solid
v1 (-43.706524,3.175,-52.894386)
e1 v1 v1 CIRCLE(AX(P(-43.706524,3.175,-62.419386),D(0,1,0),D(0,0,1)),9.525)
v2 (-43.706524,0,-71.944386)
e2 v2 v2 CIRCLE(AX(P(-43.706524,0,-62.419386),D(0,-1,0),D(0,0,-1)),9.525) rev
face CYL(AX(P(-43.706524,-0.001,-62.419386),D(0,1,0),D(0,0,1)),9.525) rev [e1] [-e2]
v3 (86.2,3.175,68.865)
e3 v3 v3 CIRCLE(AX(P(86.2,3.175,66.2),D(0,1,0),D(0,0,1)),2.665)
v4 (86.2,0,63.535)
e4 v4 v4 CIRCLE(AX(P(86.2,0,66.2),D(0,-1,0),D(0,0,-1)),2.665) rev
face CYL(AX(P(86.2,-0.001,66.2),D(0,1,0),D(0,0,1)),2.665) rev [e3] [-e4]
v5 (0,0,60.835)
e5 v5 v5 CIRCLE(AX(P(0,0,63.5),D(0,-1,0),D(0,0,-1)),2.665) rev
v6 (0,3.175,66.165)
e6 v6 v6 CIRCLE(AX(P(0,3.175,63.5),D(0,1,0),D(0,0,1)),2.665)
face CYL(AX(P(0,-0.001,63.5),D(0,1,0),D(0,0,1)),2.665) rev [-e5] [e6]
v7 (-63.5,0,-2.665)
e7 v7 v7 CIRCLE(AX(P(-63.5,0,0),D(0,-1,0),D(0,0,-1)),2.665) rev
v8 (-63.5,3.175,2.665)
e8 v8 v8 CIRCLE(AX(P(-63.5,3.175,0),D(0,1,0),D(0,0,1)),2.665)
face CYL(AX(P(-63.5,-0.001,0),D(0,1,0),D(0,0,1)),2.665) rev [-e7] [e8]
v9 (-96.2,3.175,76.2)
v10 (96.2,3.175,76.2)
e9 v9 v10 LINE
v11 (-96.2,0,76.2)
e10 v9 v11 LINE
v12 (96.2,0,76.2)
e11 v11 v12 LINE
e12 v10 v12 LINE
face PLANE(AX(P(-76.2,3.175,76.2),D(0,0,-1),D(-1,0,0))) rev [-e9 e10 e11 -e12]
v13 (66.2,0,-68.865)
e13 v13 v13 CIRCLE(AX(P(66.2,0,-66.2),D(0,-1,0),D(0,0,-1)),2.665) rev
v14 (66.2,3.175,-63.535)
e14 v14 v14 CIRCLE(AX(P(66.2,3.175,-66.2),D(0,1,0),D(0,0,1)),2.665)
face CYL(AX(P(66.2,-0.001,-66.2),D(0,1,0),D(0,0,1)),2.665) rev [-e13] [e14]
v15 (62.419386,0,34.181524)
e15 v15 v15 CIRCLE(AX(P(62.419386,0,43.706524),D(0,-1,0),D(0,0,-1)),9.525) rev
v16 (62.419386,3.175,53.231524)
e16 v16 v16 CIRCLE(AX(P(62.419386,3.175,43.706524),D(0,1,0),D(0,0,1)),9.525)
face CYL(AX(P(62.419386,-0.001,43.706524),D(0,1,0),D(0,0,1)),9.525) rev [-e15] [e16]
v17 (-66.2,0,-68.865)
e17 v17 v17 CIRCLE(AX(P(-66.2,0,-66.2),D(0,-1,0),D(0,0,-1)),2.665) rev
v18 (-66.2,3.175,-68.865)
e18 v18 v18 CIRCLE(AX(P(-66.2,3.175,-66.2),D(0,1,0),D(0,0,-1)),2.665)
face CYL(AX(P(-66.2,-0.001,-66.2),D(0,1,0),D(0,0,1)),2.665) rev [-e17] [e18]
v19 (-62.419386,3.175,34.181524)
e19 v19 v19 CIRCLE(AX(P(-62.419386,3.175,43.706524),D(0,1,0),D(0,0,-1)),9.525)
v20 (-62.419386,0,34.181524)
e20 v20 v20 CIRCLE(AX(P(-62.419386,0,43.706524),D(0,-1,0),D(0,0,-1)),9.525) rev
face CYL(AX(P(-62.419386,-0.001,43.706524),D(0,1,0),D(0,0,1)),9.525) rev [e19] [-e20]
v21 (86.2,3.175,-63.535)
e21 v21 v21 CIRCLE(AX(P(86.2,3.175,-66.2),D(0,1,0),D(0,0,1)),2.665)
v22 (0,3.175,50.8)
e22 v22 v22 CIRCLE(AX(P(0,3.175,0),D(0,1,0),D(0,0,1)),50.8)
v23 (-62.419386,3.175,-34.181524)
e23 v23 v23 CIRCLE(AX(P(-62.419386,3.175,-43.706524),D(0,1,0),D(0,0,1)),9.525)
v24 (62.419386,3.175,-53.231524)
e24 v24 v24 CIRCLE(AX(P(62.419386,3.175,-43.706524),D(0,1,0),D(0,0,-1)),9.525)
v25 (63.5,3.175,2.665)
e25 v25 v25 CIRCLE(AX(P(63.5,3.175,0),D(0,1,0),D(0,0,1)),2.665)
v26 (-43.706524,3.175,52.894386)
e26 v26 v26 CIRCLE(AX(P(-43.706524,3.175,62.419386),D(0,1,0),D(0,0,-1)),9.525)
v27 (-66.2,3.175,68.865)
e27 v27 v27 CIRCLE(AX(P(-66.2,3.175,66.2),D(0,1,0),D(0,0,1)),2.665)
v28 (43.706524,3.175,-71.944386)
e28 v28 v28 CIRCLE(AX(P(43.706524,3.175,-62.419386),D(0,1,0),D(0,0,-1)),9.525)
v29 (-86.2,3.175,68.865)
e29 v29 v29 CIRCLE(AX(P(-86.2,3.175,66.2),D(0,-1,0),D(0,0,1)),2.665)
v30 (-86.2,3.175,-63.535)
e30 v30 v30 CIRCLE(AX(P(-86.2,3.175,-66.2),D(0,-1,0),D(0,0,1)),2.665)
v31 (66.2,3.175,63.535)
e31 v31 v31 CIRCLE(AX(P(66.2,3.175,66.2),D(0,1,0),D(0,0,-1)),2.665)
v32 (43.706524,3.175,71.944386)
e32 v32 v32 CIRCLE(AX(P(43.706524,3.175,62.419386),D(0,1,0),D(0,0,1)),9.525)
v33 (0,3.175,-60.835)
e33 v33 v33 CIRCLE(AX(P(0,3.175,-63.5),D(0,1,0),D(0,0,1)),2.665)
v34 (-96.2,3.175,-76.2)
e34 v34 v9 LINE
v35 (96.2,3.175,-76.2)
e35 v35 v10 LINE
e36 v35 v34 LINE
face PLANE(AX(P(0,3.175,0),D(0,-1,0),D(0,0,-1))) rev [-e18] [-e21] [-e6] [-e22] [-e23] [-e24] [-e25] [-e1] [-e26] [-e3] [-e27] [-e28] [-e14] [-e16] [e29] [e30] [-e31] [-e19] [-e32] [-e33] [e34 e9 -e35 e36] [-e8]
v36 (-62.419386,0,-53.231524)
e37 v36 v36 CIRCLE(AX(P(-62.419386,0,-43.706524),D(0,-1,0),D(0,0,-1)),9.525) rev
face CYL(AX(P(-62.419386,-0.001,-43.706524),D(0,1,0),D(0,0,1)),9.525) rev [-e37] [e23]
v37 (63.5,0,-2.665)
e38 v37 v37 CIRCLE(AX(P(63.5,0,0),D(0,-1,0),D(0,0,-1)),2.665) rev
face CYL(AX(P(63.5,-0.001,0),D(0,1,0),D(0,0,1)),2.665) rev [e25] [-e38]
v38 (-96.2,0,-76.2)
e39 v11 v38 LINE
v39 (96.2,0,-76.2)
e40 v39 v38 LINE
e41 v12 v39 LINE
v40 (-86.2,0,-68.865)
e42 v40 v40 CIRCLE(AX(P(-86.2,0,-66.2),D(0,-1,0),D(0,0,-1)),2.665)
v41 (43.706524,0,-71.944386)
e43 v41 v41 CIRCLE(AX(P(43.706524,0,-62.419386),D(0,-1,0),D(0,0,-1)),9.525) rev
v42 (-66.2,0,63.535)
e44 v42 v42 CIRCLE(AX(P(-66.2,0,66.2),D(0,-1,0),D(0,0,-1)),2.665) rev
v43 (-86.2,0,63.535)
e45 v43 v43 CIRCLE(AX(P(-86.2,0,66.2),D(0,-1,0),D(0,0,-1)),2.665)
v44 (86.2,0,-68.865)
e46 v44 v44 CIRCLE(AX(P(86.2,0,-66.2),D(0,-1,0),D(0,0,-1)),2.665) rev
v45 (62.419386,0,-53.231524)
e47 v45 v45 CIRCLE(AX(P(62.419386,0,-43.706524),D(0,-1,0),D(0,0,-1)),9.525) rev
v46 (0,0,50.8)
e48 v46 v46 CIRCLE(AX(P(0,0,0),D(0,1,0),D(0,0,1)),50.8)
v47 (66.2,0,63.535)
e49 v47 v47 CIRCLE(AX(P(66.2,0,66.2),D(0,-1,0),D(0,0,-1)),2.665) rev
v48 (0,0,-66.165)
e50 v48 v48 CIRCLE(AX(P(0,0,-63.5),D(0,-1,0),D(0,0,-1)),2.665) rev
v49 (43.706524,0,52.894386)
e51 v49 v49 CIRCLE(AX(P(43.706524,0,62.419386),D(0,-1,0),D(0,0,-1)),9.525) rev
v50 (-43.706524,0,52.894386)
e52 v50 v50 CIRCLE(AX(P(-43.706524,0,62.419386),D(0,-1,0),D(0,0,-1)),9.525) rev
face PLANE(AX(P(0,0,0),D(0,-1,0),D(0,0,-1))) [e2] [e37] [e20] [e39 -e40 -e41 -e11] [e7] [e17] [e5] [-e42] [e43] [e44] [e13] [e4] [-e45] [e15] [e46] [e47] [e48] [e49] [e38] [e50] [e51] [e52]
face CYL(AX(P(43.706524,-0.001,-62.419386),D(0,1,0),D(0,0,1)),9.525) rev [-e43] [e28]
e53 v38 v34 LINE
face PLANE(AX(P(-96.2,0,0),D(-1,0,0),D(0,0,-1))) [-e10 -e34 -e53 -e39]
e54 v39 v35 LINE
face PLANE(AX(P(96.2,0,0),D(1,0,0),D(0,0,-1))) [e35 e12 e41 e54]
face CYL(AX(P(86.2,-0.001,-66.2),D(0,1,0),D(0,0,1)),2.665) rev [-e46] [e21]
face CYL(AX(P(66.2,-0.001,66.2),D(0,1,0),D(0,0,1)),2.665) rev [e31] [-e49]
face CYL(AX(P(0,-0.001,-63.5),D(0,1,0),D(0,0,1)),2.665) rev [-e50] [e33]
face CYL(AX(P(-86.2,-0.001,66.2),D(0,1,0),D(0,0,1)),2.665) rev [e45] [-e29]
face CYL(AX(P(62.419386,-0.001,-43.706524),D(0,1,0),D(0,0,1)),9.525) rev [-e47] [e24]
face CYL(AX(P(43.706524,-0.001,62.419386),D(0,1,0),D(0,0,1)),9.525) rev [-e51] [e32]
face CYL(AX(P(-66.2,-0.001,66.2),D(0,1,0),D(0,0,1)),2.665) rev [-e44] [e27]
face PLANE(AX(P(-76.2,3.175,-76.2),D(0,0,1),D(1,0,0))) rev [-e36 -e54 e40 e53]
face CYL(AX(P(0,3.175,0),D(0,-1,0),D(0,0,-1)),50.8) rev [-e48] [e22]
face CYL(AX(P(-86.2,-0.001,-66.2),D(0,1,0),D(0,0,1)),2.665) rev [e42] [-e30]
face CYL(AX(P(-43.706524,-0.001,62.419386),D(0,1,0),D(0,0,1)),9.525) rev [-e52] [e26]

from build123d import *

# Parameters (mm, degrees)
SKETCH2_W           = 152.4
SKETCH2_H           = 152.4
SKETCH2_R           = 50.8
BOSS_EXTRUDE1_DEPTH = 3.175
CUT_EXTRUDE1_REACH  = 109.81
SKETCH3_R           = 2.665000004
CUT_EXTRUDE2_REACH  = 109.81
SKETCH4_R           = 9.525
CUT_EXTRUDE3_REACH  = 109.81
SKETCH5_R           = 2.665000004
SKETCH6_W           = 152.4
SKETCH6_H           = 3.175
BOSS_EXTRUDE2_DEPTH = 20
CUT_EXTRUDE4_REACH  = 124.764
SKETCH7_R           = 2.665000004


with BuildPart() as part:
    # Sketch2 → Boss-Extrude1 (new body)
    with BuildSketch(Plane(origin=(0, 0, 0), x_dir=(1, 0, 0), z_dir=(0, 1, 0))):
        Rectangle(SKETCH2_W, SKETCH2_H)
        with Locations(Location((0, 0, 0), (0, 0, 270))):
            Circle(SKETCH2_R, mode=Mode.SUBTRACT)
    extrude(amount=BOSS_EXTRUDE1_DEPTH)

    # Sketch3 → Cut-Extrude1 (cut, up to next)
    with BuildSketch(Plane(origin=(0, 3.175, 0), x_dir=(1, 0, 0), z_dir=(0, 1, 0)), mode=Mode.PRIVATE) as cut_extrude1_sk1:
        with Locations(Location((-66.2, -66.2, 0), (0, 0, 270))):
            Circle(SKETCH3_R)
    cut_extrude1_tool1 = extrude(cut_extrude1_sk1.sketch, amount=-CUT_EXTRUDE1_REACH, mode=Mode.PRIVATE) & part.part
    # Sketch3 → Cut-Extrude1 (cut, up to next)
    with BuildSketch(Plane(origin=(0, 3.175, 0), x_dir=(1, 0, 0), z_dir=(0, 1, 0)), mode=Mode.PRIVATE) as cut_extrude1_sk2:
        with Locations(Location((-66.2, 66.2, 0), (0, 0, 90))):
            Circle(SKETCH3_R)
    cut_extrude1_tool2 = extrude(cut_extrude1_sk2.sketch, amount=-CUT_EXTRUDE1_REACH, mode=Mode.PRIVATE) & part.part
    # Sketch3 → Cut-Extrude1 (cut, up to next)
    with BuildSketch(Plane(origin=(0, 3.175, 0), x_dir=(1, 0, 0), z_dir=(0, 1, 0)), mode=Mode.PRIVATE) as cut_extrude1_sk3:
        with Locations(Location((66.2, 66.2, 0), (0, 0, 270))):
            Circle(SKETCH3_R)
    cut_extrude1_tool3 = extrude(cut_extrude1_sk3.sketch, amount=-CUT_EXTRUDE1_REACH, mode=Mode.PRIVATE) & part.part
    # Sketch3 → Cut-Extrude1 (cut, up to next)
    with BuildSketch(Plane(origin=(0, 3.175, 0), x_dir=(1, 0, 0), z_dir=(0, 1, 0)), mode=Mode.PRIVATE) as cut_extrude1_sk4:
        with Locations(Location((66.2, -66.2, 0), (0, 0, 90))):
            Circle(SKETCH3_R)
    cut_extrude1_tool4 = extrude(cut_extrude1_sk4.sketch, amount=-CUT_EXTRUDE1_REACH, mode=Mode.PRIVATE) & part.part
    add(cut_extrude1_tool1.solids().sort_by_distance((-66.2, 3.175, 66.2))[0], mode=Mode.SUBTRACT)
    add(cut_extrude1_tool2.solids().sort_by_distance((-66.2, 3.175, -66.2))[0], mode=Mode.SUBTRACT)
    add(cut_extrude1_tool3.solids().sort_by_distance((66.2, 3.175, -66.2))[0], mode=Mode.SUBTRACT)
    add(cut_extrude1_tool4.solids().sort_by_distance((66.2, 3.175, 66.2))[0], mode=Mode.SUBTRACT)

    # Sketch4 → Cut-Extrude2 (cut, up to next)
    with BuildSketch(Plane(origin=(0, 3.175, 0), x_dir=(1, 0, 0), z_dir=(0, 1, 0)), mode=Mode.PRIVATE) as cut_extrude2_sk1:
        with Locations(Location((62.419385775, -43.70652445, 0), (0, 0, 270))):
            Circle(SKETCH4_R)
    cut_extrude2_tool1 = extrude(cut_extrude2_sk1.sketch, amount=-CUT_EXTRUDE2_REACH, mode=Mode.PRIVATE) & part.part
    # Sketch4 → Cut-Extrude2 (cut, up to next)
    with BuildSketch(Plane(origin=(0, 3.175, 0), x_dir=(1, 0, 0), z_dir=(0, 1, 0)), mode=Mode.PRIVATE) as cut_extrude2_sk2:
        with Locations(Location((43.70652445, -62.419385775, 0), (0, 0, 270))):
            Circle(SKETCH4_R)
    cut_extrude2_tool2 = extrude(cut_extrude2_sk2.sketch, amount=-CUT_EXTRUDE2_REACH, mode=Mode.PRIVATE) & part.part
    # Sketch4 → Cut-Extrude2 (cut, up to next)
    with BuildSketch(Plane(origin=(0, 3.175, 0), x_dir=(1, 0, 0), z_dir=(0, 1, 0)), mode=Mode.PRIVATE) as cut_extrude2_sk3:
        with Locations(Location((43.70652445, 62.419385775, 0), (0, 0, 90))):
            Circle(SKETCH4_R)
    cut_extrude2_tool3 = extrude(cut_extrude2_sk3.sketch, amount=-CUT_EXTRUDE2_REACH, mode=Mode.PRIVATE) & part.part
    # Sketch4 → Cut-Extrude2 (cut, up to next)
    with BuildSketch(Plane(origin=(0, 3.175, 0), x_dir=(1, 0, 0), z_dir=(0, 1, 0)), mode=Mode.PRIVATE) as cut_extrude2_sk4:
        with Locations(Location((62.419385775, 43.70652445, 0), (0, 0, 90))):
            Circle(SKETCH4_R)
    cut_extrude2_tool4 = extrude(cut_extrude2_sk4.sketch, amount=-CUT_EXTRUDE2_REACH, mode=Mode.PRIVATE) & part.part
    # Sketch4 → Cut-Extrude2 (cut, up to next)
    with BuildSketch(Plane(origin=(0, 3.175, 0), x_dir=(1, 0, 0), z_dir=(0, 1, 0)), mode=Mode.PRIVATE) as cut_extrude2_sk5:
        with Locations(Location((-43.70652445, 62.419385775, 0), (0, 0, 270))):
            Circle(SKETCH4_R)
    cut_extrude2_tool5 = extrude(cut_extrude2_sk5.sketch, amount=-CUT_EXTRUDE2_REACH, mode=Mode.PRIVATE) & part.part
    # Sketch4 → Cut-Extrude2 (cut, up to next)
    with BuildSketch(Plane(origin=(0, 3.175, 0), x_dir=(1, 0, 0), z_dir=(0, 1, 0)), mode=Mode.PRIVATE) as cut_extrude2_sk6:
        with Locations(Location((-62.419385775, 43.70652445, 0), (0, 0, 270))):
            Circle(SKETCH4_R)
    cut_extrude2_tool6 = extrude(cut_extrude2_sk6.sketch, amount=-CUT_EXTRUDE2_REACH, mode=Mode.PRIVATE) & part.part
    # Sketch4 → Cut-Extrude2 (cut, up to next)
    with BuildSketch(Plane(origin=(0, 3.175, 0), x_dir=(1, 0, 0), z_dir=(0, 1, 0)), mode=Mode.PRIVATE) as cut_extrude2_sk7:
        with Locations(Location((-43.70652445, -62.419385775, 0), (0, 0, 90))):
            Circle(SKETCH4_R)
    cut_extrude2_tool7 = extrude(cut_extrude2_sk7.sketch, amount=-CUT_EXTRUDE2_REACH, mode=Mode.PRIVATE) & part.part
    # Sketch4 → Cut-Extrude2 (cut, up to next)
    with BuildSketch(Plane(origin=(0, 3.175, 0), x_dir=(1, 0, 0), z_dir=(0, 1, 0)), mode=Mode.PRIVATE) as cut_extrude2_sk8:
        with Locations(Location((-62.419385775, -43.70652445, 0), (0, 0, 90))):
            Circle(SKETCH4_R)
    cut_extrude2_tool8 = extrude(cut_extrude2_sk8.sketch, amount=-CUT_EXTRUDE2_REACH, mode=Mode.PRIVATE) & part.part
    add(cut_extrude2_tool1.solids().sort_by_distance((62.419386, 3.175, 43.706524))[0], mode=Mode.SUBTRACT)
    add(cut_extrude2_tool2.solids().sort_by_distance((43.706524, 3.175, 62.419386))[0], mode=Mode.SUBTRACT)
    add(cut_extrude2_tool3.solids().sort_by_distance((43.706524, 3.175, -62.419386))[0], mode=Mode.SUBTRACT)
    add(cut_extrude2_tool4.solids().sort_by_distance((62.419386, 3.175, -43.706524))[0], mode=Mode.SUBTRACT)
    add(cut_extrude2_tool5.solids().sort_by_distance((-43.706524, 3.175, -62.419386))[0], mode=Mode.SUBTRACT)
    add(cut_extrude2_tool6.solids().sort_by_distance((-62.419386, 3.175, -43.706524))[0], mode=Mode.SUBTRACT)
    add(cut_extrude2_tool7.solids().sort_by_distance((-43.706524, 3.175, 62.419386))[0], mode=Mode.SUBTRACT)
    add(cut_extrude2_tool8.solids().sort_by_distance((-62.419386, 3.175, 43.706524))[0], mode=Mode.SUBTRACT)

    # Sketch5 → Cut-Extrude3 (cut, up to next)
    with BuildSketch(Plane(origin=(0, 3.175, 0), x_dir=(1, 0, 0), z_dir=(0, 1, 0)), mode=Mode.PRIVATE) as cut_extrude3_sk1:
        with Locations(Location((0, -63.5, 0), (0, 0, 270))):
            Circle(SKETCH5_R)
    cut_extrude3_tool1 = extrude(cut_extrude3_sk1.sketch, amount=-CUT_EXTRUDE3_REACH, mode=Mode.PRIVATE) & part.part
    # Sketch5 → Cut-Extrude3 (cut, up to next)
    with BuildSketch(Plane(origin=(0, 3.175, 0), x_dir=(1, 0, 0), z_dir=(0, 1, 0)), mode=Mode.PRIVATE) as cut_extrude3_sk2:
        with Locations(Location((-63.5, 0, 0), (0, 0, 270))):
            Circle(SKETCH5_R)
    cut_extrude3_tool2 = extrude(cut_extrude3_sk2.sketch, amount=-CUT_EXTRUDE3_REACH, mode=Mode.PRIVATE) & part.part
    # Sketch5 → Cut-Extrude3 (cut, up to next)
    with BuildSketch(Plane(origin=(0, 3.175, 0), x_dir=(1, 0, 0), z_dir=(0, 1, 0)), mode=Mode.PRIVATE) as cut_extrude3_sk3:
        with Locations(Location((0, 63.5, 0), (0, 0, 270))):
            Circle(SKETCH5_R)
    cut_extrude3_tool3 = extrude(cut_extrude3_sk3.sketch, amount=-CUT_EXTRUDE3_REACH, mode=Mode.PRIVATE) & part.part
    # Sketch5 → Cut-Extrude3 (cut, up to next)
    with BuildSketch(Plane(origin=(0, 3.175, 0), x_dir=(1, 0, 0), z_dir=(0, 1, 0)), mode=Mode.PRIVATE) as cut_extrude3_sk4:
        with Locations(Location((63.5, 0, 0), (0, 0, 270))):
            Circle(SKETCH5_R)
    cut_extrude3_tool4 = extrude(cut_extrude3_sk4.sketch, amount=-CUT_EXTRUDE3_REACH, mode=Mode.PRIVATE) & part.part
    add(cut_extrude3_tool1.solids().sort_by_distance((0, 3.175, 63.5))[0], mode=Mode.SUBTRACT)
    add(cut_extrude3_tool2.solids().sort_by_distance((-63.5, 3.175, 0))[0], mode=Mode.SUBTRACT)
    add(cut_extrude3_tool3.solids().sort_by_distance((0, 3.175, -63.5))[0], mode=Mode.SUBTRACT)
    add(cut_extrude3_tool4.solids().sort_by_distance((63.5, 3.175, 0))[0], mode=Mode.SUBTRACT)

    # Sketch6 → Boss-Extrude2 (add)
    with BuildSketch(Plane(origin=(76.2, 0, 0), x_dir=(0, 0, -1), z_dir=(1, 0, 0))):
        with Locations((0, 1.5875)):
            Rectangle(SKETCH6_W, SKETCH6_H)
    boss_extrude2 = extrude(amount=BOSS_EXTRUDE2_DEPTH)

    # Sketch7 → Cut-Extrude4 (cut, up to next)
    with BuildSketch(Plane(origin=(0, 3.175, 0), x_dir=(1, 0, 0), z_dir=(0, 1, 0)), mode=Mode.PRIVATE) as cut_extrude4_sk1:
        with Locations(Location((86.2, -66.2, 0), (0, 0, 270))):
            Circle(SKETCH7_R)
    cut_extrude4_tool1 = extrude(cut_extrude4_sk1.sketch, amount=-CUT_EXTRUDE4_REACH, mode=Mode.PRIVATE) & part.part
    # Sketch7 → Cut-Extrude4 (cut, up to next)
    with BuildSketch(Plane(origin=(0, 3.175, 0), x_dir=(1, 0, 0), z_dir=(0, 1, 0)), mode=Mode.PRIVATE) as cut_extrude4_sk2:
        with Locations(Location((86.2, 66.2, 0), (0, 0, 270))):
            Circle(SKETCH7_R)
    cut_extrude4_tool2 = extrude(cut_extrude4_sk2.sketch, amount=-CUT_EXTRUDE4_REACH, mode=Mode.PRIVATE) & part.part
    cut_extrude4_1 = cut_extrude4_tool1.solids().sort_by_distance((86.2, 3.175, 66.2))[0]
    add(cut_extrude4_1, mode=Mode.SUBTRACT)
    cut_extrude4_2 = cut_extrude4_tool2.solids().sort_by_distance((86.2, 3.175, -66.2))[0]
    add(cut_extrude4_2, mode=Mode.SUBTRACT)
    cut_extrude4 = cut_extrude4_1 + cut_extrude4_2  # Cut-Extrude4 as one shape, for the pattern or mirror that repeats it

    # Mirror1: Boss-Extrude2, Cut-Extrude4 across plane
    add(boss_extrude2.mirror(Plane(origin=(0, 0, 0), x_dir=(0, 0, 1), z_dir=(1, 0, 0))))
    add(cut_extrude4.mirror(Plane(origin=(0, 0, 0), x_dir=(0, 0, 1), z_dir=(1, 0, 0))), mode=Mode.SUBTRACT)


solid = part.part
